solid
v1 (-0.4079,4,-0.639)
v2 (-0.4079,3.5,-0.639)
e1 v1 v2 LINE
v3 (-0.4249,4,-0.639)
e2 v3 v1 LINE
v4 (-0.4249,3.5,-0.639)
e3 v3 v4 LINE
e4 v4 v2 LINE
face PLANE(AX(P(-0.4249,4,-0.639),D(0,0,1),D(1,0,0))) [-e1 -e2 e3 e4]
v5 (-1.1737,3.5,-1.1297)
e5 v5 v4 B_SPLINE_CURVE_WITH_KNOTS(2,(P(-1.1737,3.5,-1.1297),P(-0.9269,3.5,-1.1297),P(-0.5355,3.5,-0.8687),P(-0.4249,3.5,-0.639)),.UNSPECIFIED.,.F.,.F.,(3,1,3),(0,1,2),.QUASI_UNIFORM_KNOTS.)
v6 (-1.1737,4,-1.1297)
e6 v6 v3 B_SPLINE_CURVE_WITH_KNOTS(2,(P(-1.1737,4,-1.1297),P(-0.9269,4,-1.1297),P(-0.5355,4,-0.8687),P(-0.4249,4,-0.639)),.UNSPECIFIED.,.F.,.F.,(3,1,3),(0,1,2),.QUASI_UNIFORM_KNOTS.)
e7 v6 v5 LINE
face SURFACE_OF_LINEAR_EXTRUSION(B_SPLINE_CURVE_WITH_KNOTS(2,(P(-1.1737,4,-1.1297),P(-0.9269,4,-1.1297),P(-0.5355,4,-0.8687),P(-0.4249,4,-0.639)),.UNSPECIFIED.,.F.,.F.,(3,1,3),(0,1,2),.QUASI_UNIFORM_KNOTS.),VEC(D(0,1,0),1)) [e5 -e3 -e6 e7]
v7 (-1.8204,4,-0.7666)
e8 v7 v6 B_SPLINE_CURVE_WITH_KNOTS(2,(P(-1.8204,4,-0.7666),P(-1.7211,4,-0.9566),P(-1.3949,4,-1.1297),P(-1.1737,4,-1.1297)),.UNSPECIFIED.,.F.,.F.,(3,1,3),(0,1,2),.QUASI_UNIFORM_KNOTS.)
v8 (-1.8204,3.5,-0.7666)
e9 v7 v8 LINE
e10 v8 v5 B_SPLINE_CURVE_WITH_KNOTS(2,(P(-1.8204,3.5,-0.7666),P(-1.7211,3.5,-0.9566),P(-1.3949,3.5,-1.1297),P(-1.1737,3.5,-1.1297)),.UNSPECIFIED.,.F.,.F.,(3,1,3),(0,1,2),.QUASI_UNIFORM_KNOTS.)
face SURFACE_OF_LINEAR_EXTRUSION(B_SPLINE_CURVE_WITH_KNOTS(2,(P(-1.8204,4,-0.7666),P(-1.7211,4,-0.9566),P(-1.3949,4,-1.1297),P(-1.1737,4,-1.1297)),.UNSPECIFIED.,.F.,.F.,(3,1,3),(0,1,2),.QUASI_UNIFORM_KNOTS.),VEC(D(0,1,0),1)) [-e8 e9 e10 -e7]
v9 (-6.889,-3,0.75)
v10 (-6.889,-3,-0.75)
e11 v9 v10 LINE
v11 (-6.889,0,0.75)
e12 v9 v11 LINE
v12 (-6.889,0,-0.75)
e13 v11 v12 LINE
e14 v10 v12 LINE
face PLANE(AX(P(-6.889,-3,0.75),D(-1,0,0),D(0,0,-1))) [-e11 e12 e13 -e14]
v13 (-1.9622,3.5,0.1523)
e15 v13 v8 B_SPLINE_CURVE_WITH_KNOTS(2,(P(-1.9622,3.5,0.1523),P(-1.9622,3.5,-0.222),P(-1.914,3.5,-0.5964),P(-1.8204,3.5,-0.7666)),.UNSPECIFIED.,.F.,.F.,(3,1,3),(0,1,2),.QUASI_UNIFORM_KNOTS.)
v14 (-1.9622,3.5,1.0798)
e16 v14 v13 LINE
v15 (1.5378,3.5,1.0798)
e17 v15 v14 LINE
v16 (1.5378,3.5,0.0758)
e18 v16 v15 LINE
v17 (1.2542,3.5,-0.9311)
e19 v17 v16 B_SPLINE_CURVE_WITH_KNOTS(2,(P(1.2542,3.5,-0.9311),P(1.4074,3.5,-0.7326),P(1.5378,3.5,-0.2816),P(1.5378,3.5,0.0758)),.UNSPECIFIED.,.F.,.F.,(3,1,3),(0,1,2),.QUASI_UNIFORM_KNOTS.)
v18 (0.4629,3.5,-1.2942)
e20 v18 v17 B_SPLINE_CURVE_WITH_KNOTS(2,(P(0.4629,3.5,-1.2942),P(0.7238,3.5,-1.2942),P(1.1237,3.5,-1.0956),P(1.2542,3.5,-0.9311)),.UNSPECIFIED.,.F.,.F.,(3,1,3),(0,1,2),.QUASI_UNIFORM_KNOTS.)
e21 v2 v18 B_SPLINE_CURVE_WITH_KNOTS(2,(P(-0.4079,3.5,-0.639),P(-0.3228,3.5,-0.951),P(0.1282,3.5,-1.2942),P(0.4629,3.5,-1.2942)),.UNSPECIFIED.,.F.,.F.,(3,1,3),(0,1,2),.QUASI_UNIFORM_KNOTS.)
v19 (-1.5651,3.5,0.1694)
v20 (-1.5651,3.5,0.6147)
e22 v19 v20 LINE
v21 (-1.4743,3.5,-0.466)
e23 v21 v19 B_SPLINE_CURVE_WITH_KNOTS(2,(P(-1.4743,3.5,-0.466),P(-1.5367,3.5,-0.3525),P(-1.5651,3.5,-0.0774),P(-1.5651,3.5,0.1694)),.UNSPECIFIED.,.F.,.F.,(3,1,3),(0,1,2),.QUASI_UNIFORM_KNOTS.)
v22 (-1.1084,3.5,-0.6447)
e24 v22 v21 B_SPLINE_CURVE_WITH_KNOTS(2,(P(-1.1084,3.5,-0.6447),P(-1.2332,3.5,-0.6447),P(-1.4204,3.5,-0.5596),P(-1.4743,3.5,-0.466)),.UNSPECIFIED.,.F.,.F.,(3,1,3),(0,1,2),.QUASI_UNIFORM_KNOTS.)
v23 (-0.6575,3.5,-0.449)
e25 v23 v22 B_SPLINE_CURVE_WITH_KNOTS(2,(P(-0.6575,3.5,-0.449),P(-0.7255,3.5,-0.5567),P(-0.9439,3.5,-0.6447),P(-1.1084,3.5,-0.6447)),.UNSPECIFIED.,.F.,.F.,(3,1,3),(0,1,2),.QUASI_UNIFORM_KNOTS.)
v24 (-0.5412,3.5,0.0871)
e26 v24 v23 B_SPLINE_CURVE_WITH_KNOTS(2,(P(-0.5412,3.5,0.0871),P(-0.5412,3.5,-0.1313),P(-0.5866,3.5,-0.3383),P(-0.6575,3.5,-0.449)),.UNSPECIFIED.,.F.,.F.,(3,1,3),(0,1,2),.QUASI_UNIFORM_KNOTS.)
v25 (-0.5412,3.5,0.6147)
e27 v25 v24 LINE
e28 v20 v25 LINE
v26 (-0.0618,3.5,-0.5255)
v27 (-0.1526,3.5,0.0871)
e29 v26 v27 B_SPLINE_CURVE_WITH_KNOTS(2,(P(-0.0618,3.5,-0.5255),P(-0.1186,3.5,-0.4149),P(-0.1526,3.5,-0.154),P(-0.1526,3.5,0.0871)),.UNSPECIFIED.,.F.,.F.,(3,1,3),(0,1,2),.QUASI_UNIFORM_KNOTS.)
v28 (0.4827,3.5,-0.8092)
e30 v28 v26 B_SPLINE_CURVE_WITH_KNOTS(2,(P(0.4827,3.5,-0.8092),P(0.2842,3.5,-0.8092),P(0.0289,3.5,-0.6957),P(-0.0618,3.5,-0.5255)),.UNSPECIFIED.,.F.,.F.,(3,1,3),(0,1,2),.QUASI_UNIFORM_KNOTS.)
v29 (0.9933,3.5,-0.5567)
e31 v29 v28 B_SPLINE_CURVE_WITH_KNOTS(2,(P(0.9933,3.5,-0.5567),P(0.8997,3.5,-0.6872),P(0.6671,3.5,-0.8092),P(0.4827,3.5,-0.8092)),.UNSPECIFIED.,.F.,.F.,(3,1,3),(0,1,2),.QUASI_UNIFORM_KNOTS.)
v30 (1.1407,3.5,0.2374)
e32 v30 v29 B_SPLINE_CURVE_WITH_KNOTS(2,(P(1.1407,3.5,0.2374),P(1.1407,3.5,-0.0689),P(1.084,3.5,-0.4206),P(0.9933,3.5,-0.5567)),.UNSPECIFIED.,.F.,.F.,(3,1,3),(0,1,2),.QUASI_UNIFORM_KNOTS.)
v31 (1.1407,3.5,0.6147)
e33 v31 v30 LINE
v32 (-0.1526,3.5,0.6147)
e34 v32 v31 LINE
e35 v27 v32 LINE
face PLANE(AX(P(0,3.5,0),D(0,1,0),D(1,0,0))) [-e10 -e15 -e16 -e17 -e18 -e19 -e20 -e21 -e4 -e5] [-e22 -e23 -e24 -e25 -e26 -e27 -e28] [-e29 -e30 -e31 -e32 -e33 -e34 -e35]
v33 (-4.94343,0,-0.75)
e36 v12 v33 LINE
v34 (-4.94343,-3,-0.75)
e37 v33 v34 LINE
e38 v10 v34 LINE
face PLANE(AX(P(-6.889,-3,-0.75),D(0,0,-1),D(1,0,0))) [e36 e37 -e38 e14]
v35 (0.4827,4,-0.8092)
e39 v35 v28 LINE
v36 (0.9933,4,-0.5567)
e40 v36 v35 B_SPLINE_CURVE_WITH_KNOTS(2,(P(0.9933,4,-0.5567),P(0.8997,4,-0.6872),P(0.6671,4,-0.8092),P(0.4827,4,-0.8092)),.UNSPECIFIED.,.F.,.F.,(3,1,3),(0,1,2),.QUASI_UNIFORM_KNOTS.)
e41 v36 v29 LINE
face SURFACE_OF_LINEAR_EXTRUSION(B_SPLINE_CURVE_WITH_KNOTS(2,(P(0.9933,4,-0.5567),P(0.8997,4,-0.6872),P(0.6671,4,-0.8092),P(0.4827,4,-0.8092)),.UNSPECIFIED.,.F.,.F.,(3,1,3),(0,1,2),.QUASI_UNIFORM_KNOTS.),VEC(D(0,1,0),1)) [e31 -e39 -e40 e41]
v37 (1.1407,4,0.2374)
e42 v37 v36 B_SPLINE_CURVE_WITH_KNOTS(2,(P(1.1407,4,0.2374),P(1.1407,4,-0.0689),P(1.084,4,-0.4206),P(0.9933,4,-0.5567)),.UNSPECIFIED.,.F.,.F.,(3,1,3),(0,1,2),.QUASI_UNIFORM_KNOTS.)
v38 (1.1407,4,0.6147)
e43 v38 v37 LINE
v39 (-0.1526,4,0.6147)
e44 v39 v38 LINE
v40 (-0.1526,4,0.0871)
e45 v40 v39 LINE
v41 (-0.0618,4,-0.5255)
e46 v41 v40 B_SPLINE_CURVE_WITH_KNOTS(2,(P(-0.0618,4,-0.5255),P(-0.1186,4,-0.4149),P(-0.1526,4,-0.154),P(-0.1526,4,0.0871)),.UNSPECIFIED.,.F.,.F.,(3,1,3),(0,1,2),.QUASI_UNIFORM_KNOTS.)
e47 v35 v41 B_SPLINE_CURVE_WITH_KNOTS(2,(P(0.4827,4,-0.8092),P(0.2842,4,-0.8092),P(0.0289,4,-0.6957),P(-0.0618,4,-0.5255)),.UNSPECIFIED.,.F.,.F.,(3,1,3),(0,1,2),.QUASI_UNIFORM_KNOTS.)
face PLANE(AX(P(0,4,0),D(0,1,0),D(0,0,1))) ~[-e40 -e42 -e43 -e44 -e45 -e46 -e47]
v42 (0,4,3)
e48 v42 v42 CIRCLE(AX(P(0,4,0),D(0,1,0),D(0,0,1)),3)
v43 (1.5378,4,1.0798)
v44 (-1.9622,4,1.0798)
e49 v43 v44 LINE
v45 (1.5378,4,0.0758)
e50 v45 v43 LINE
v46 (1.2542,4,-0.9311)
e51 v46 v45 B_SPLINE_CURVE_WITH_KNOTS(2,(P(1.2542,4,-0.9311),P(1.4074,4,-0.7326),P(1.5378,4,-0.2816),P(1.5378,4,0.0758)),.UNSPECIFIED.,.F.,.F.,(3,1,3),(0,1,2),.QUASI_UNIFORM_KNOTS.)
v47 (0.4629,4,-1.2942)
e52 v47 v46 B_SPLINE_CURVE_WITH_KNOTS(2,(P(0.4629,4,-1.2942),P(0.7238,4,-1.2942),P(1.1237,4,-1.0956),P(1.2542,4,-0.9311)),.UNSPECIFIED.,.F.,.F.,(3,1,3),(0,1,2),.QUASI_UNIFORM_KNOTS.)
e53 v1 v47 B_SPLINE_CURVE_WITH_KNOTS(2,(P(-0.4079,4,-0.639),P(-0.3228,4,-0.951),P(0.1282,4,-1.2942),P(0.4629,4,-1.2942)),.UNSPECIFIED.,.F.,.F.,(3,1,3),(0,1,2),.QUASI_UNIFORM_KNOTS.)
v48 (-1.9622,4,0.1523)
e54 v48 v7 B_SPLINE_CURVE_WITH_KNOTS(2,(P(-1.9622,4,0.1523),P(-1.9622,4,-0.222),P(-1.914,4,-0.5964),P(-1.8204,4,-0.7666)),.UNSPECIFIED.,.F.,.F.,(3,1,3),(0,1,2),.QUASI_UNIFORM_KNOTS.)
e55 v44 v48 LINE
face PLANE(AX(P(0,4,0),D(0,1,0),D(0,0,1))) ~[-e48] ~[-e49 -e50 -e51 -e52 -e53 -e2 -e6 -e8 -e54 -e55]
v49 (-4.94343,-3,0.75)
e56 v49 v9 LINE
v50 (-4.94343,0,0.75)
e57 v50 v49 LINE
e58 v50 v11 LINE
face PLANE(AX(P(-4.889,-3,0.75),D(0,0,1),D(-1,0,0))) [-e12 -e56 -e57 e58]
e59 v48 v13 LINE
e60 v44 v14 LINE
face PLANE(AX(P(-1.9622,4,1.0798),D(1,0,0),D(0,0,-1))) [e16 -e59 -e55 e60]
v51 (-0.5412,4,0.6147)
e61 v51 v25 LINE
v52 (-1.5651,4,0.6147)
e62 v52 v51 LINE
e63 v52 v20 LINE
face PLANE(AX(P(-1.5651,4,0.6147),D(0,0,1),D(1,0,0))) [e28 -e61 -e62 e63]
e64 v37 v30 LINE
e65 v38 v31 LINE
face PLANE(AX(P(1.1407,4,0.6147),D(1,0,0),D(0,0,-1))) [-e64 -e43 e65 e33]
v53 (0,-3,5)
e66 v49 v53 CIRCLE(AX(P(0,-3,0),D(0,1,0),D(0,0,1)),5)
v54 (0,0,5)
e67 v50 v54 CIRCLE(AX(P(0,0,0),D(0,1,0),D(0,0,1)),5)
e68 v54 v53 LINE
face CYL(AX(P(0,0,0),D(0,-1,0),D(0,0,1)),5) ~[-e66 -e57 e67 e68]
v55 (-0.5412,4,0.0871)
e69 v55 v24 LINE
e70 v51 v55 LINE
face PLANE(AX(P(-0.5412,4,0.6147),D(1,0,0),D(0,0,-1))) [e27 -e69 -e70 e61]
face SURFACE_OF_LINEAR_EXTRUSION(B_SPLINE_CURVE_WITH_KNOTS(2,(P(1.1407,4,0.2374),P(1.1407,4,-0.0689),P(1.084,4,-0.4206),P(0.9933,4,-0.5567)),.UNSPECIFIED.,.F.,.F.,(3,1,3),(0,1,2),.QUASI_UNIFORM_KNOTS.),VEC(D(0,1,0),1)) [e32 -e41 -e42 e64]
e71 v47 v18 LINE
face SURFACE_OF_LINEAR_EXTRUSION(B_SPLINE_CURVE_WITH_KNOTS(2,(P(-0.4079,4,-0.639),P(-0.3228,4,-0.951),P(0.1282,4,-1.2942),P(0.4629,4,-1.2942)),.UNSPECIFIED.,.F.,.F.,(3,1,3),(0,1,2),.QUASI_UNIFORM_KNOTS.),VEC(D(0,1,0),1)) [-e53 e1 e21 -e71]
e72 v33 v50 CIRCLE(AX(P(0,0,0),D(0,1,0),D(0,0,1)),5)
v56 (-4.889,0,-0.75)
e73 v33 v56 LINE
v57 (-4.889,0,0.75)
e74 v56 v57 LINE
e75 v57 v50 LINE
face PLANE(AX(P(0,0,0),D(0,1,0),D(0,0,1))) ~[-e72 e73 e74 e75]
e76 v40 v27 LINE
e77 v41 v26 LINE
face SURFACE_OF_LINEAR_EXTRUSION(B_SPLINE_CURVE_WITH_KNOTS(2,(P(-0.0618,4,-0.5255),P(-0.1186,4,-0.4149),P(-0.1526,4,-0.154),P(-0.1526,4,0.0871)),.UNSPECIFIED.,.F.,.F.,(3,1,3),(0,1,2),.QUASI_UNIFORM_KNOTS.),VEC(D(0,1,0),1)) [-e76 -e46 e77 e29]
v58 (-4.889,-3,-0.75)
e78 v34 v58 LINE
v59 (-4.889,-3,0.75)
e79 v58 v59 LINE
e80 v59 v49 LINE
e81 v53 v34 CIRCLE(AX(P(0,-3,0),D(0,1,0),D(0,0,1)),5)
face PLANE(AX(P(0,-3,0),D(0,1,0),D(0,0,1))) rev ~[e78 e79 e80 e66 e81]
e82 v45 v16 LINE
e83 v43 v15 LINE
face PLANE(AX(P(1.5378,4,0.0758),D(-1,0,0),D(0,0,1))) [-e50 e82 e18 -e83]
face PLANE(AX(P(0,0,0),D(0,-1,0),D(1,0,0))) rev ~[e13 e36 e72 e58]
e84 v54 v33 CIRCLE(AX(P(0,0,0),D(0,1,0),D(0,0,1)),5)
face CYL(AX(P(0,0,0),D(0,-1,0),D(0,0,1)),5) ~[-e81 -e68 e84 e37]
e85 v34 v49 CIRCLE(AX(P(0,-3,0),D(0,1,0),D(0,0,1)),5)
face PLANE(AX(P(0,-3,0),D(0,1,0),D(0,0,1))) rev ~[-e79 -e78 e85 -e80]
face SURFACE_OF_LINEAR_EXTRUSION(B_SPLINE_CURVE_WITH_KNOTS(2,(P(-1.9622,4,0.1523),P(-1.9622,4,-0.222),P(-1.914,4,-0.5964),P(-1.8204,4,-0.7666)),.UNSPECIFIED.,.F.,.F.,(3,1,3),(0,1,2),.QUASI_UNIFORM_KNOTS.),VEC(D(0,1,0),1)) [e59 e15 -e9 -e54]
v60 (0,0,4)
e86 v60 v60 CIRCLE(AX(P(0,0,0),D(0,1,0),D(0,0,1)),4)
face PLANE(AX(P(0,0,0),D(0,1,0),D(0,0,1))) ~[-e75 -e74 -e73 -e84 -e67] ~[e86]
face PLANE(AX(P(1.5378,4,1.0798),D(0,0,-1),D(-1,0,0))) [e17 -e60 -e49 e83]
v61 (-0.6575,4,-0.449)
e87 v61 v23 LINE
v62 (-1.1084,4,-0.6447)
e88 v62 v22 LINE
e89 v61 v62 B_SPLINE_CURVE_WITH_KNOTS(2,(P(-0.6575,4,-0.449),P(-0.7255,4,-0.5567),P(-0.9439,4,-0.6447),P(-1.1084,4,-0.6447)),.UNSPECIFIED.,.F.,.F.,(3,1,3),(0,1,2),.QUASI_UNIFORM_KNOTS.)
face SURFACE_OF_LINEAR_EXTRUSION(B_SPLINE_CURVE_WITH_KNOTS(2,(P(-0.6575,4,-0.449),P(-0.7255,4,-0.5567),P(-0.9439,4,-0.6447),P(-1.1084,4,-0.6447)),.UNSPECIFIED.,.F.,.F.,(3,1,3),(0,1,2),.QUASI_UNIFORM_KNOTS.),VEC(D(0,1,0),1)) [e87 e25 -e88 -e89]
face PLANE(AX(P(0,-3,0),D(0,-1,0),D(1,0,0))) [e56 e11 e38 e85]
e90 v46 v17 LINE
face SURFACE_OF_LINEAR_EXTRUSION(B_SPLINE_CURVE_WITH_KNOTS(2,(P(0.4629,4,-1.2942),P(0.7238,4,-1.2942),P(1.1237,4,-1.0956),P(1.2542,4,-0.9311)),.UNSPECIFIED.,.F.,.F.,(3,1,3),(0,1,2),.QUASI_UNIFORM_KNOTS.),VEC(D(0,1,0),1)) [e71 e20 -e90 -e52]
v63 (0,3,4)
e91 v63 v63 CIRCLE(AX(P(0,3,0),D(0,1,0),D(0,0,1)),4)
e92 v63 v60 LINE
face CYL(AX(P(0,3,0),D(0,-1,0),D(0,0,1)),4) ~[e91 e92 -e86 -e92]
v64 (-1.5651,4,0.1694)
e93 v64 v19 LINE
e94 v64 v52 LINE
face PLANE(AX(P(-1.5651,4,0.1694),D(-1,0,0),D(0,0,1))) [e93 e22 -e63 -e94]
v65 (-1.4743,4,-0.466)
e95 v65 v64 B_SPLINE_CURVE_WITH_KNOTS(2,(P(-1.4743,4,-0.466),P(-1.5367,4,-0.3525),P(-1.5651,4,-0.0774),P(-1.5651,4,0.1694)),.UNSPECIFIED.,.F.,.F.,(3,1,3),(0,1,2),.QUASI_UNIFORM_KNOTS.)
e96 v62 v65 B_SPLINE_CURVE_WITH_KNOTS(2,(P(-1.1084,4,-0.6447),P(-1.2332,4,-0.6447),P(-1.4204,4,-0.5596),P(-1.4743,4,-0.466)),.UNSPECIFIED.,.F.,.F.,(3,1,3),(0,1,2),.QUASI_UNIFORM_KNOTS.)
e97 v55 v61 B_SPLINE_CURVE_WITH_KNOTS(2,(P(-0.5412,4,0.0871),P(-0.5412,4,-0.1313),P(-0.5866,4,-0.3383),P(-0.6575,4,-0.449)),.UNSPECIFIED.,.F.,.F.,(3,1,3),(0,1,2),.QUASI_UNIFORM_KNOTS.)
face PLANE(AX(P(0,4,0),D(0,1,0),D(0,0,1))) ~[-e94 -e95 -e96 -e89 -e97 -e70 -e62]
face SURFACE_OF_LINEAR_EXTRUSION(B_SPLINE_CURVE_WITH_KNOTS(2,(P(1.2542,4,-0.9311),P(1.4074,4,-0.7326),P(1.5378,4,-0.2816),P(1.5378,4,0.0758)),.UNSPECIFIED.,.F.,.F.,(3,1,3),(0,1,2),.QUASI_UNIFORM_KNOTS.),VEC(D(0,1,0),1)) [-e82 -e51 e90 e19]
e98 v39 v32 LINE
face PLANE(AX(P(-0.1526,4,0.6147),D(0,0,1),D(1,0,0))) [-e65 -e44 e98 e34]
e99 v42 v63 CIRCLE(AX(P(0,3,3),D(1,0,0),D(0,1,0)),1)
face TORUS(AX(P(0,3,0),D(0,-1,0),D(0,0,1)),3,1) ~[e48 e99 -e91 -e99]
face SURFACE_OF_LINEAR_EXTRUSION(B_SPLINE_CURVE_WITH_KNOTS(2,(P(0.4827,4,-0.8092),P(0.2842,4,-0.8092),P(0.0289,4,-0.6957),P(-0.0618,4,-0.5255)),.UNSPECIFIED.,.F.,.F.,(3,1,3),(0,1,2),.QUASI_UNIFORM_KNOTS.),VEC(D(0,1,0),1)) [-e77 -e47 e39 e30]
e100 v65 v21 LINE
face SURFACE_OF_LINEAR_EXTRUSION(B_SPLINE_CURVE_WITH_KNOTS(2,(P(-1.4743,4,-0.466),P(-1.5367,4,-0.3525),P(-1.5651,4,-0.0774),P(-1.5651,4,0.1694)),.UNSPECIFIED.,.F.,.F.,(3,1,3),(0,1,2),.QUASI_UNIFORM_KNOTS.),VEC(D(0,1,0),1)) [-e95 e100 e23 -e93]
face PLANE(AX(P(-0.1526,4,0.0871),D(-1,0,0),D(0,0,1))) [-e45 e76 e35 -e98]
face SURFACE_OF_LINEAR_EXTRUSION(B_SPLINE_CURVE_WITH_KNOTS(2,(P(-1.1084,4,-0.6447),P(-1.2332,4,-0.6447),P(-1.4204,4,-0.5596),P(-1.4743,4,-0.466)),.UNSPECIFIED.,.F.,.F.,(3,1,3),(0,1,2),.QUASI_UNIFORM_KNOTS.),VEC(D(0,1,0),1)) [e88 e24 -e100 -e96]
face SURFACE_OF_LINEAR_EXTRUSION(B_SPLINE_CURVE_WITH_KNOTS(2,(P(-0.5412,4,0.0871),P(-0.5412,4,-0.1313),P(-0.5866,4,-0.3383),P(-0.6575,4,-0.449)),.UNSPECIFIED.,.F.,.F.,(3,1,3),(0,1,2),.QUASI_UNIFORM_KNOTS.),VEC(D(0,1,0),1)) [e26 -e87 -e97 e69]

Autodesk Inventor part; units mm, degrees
ref_plane "YZ Plane" through (0, 0, 0) normal (1, 0, 0) x (0, 1, 0)
ref_plane "XZ Plane" through (0, 0, 0) normal (0, 1, 0) x (-1, 0, 0)
ref_plane "XY Plane" through (0, 0, 0) normal (0, 0, 1) x (1, 0, 0)
sketch "Skizze1" plane through (0, 0, 0) normal (1, 0, 0) x (0, 1, 0)
  line L0 (4, 0) -> (4, 3)
  arc A0 (4, 3) -> (3, 4) centre (3, 3) ccw
  line L1 (3, 4) -> (0, 4)
  line L2 (0, 4) -> (0, 5)
  line L3 (0, 5) -> (-3, 5)
  line L4 (-3, 5) -> (-3, 2)
  line L5 (0, 0) -> (4, 0)
  line L6 (-3, 2) -> (-3, 0)
  line L7 (-3, 0) -> (0, 0)
  point P0 (0, 2)
  dimension "d0" = 2
  dimension "d1" = 4
  dimension "d2" = 3
  dimension "d3" = 5
  dimension "d4" = 3
  dimension "d5" = 1
  dimension "d6" = 1
revolve "Umdrehung1" add sketch "Skizze1" angle 360 about axis through (0, 0, 0) along (0, 1, 0)
sketch "Skizze2" plane through (0, 4, 0) normal (0, 1, 0) x (1, 0, 0)
  line L0 (-1.9622, -1.4344) -> (-1.9622, 1.4984) construction
  line L1 (-1.9622, 1.4984) -> (1.5378, 1.4984) construction
  line L2 (1.5378, 1.4984) -> (1.5378, -1.4344) construction
  line L3 (1.5378, -1.4344) -> (-1.9622, -1.4344) construction
  spline S0 degree 2 poles (0.4629, 1.2942) (0.7238, 1.2942) (1.1237, 1.0956) (1.2542, 0.9311) knots 0 0 0 1 2 2 2
  spline S1 degree 2 poles (1.2542, 0.9311) (1.4074, 0.7326) (1.5378, 0.2816) (1.5378, -0.0758) knots 0 0 0 1 2 2 2
  line L4 (1.5378, -0.0758) -> (1.5378, -1.0798)
  line L5 (1.5378, -1.0798) -> (-1.9622, -1.0798)
  line L6 (-1.9622, -1.0798) -> (-1.9622, -0.1523)
  spline S2 degree 2 poles (-1.9622, -0.1523) (-1.9622, 0.222) (-1.914, 0.5964) (-1.8204, 0.7666) knots 0 0 0 1 2 2 2
  spline S3 degree 2 poles (-1.8204, 0.7666) (-1.7211, 0.9566) (-1.3949, 1.1297) (-1.1737, 1.1297) knots 0 0 0 1 2 2 2
  spline S4 degree 2 poles (-1.1737, 1.1297) (-0.9269, 1.1297) (-0.5355, 0.8687) (-0.4249, 0.639) knots 0 0 0 1 2 2 2
  line L7 (-0.4249, 0.639) -> (-0.4079, 0.639)
  spline S5 degree 2 poles (-0.4079, 0.639) (-0.3228, 0.951) (0.1282, 1.2942) (0.4629, 1.2942) knots 0 0 0 1 2 2 2
  spline S6 degree 2 poles (0.4827, 0.8092) (0.2842, 0.8092) (0.0289, 0.6957) (-0.0618, 0.5255) knots 0 0 0 1 2 2 2
  spline S7 degree 2 poles (-0.0618, 0.5255) (-0.1186, 0.4149) (-0.1526, 0.154) (-0.1526, -0.0871) knots 0 0 0 1 2 2 2
  line L8 (-0.1526, -0.0871) -> (-0.1526, -0.6147)
  line L9 (-0.1526, -0.6147) -> (1.1407, -0.6147)
  line L10 (1.1407, -0.6147) -> (1.1407, -0.2374)
  spline S8 degree 2 poles (1.1407, -0.2374) (1.1407, 0.0689) (1.084, 0.4206) (0.9933, 0.5567) knots 0 0 0 1 2 2 2
  spline S9 degree 2 poles (0.9933, 0.5567) (0.8997, 0.6872) (0.6671, 0.8092) (0.4827, 0.8092) knots 0 0 0 1 2 2 2
  spline S10 degree 2 poles (-1.1084, 0.6447) (-1.2332, 0.6447) (-1.4204, 0.5596) (-1.4743, 0.466) knots 0 0 0 1 2 2 2
  spline S11 degree 2 poles (-1.4743, 0.466) (-1.5367, 0.3525) (-1.5651, 0.0774) (-1.5651, -0.1694) knots 0 0 0 1 2 2 2
  line L11 (-1.5651, -0.1694) -> (-1.5651, -0.6147)
  line L12 (-1.5651, -0.6147) -> (-0.5412, -0.6147)
  line L13 (-0.5412, -0.6147) -> (-0.5412, -0.0871)
  spline S12 degree 2 poles (-0.5412, -0.0871) (-0.5412, 0.1313) (-0.5866, 0.3383) (-0.6575, 0.449) knots 0 0 0 1 2 2 2
  spline S13 degree 2 poles (-0.6575, 0.449) (-0.7255, 0.5567) (-0.9439, 0.6447) (-1.1084, 0.6447) knots 0 0 0 1 2 2 2
  point P0 (0, 0)
extrude "Extrusion1" cut sketch "Skizze2" against normal blind 0.5
sketch "Skizze4" plane through (0, -3, 0) normal (0, -1, 0) x (1, 0, 0)
  line L0 (-4.889, 0.75) -> (-6.889, 0.75)
  line L1 (-6.889, 0.75) -> (-6.889, -0.75)
  line L2 (-6.889, -0.75) -> (-4.889, -0.75)
  line L3 (-4.889, -0.75) -> (-4.889, 0.75)
  point P0 (0, 0)
  dimension "d15" = 1.5
  dimension "d16" = 2
  dimension "d17" = 0.75
extrude "Extrusion3" add sketch "Skizze4" against normal blind 3
properties part number "ButtonB_neu"
